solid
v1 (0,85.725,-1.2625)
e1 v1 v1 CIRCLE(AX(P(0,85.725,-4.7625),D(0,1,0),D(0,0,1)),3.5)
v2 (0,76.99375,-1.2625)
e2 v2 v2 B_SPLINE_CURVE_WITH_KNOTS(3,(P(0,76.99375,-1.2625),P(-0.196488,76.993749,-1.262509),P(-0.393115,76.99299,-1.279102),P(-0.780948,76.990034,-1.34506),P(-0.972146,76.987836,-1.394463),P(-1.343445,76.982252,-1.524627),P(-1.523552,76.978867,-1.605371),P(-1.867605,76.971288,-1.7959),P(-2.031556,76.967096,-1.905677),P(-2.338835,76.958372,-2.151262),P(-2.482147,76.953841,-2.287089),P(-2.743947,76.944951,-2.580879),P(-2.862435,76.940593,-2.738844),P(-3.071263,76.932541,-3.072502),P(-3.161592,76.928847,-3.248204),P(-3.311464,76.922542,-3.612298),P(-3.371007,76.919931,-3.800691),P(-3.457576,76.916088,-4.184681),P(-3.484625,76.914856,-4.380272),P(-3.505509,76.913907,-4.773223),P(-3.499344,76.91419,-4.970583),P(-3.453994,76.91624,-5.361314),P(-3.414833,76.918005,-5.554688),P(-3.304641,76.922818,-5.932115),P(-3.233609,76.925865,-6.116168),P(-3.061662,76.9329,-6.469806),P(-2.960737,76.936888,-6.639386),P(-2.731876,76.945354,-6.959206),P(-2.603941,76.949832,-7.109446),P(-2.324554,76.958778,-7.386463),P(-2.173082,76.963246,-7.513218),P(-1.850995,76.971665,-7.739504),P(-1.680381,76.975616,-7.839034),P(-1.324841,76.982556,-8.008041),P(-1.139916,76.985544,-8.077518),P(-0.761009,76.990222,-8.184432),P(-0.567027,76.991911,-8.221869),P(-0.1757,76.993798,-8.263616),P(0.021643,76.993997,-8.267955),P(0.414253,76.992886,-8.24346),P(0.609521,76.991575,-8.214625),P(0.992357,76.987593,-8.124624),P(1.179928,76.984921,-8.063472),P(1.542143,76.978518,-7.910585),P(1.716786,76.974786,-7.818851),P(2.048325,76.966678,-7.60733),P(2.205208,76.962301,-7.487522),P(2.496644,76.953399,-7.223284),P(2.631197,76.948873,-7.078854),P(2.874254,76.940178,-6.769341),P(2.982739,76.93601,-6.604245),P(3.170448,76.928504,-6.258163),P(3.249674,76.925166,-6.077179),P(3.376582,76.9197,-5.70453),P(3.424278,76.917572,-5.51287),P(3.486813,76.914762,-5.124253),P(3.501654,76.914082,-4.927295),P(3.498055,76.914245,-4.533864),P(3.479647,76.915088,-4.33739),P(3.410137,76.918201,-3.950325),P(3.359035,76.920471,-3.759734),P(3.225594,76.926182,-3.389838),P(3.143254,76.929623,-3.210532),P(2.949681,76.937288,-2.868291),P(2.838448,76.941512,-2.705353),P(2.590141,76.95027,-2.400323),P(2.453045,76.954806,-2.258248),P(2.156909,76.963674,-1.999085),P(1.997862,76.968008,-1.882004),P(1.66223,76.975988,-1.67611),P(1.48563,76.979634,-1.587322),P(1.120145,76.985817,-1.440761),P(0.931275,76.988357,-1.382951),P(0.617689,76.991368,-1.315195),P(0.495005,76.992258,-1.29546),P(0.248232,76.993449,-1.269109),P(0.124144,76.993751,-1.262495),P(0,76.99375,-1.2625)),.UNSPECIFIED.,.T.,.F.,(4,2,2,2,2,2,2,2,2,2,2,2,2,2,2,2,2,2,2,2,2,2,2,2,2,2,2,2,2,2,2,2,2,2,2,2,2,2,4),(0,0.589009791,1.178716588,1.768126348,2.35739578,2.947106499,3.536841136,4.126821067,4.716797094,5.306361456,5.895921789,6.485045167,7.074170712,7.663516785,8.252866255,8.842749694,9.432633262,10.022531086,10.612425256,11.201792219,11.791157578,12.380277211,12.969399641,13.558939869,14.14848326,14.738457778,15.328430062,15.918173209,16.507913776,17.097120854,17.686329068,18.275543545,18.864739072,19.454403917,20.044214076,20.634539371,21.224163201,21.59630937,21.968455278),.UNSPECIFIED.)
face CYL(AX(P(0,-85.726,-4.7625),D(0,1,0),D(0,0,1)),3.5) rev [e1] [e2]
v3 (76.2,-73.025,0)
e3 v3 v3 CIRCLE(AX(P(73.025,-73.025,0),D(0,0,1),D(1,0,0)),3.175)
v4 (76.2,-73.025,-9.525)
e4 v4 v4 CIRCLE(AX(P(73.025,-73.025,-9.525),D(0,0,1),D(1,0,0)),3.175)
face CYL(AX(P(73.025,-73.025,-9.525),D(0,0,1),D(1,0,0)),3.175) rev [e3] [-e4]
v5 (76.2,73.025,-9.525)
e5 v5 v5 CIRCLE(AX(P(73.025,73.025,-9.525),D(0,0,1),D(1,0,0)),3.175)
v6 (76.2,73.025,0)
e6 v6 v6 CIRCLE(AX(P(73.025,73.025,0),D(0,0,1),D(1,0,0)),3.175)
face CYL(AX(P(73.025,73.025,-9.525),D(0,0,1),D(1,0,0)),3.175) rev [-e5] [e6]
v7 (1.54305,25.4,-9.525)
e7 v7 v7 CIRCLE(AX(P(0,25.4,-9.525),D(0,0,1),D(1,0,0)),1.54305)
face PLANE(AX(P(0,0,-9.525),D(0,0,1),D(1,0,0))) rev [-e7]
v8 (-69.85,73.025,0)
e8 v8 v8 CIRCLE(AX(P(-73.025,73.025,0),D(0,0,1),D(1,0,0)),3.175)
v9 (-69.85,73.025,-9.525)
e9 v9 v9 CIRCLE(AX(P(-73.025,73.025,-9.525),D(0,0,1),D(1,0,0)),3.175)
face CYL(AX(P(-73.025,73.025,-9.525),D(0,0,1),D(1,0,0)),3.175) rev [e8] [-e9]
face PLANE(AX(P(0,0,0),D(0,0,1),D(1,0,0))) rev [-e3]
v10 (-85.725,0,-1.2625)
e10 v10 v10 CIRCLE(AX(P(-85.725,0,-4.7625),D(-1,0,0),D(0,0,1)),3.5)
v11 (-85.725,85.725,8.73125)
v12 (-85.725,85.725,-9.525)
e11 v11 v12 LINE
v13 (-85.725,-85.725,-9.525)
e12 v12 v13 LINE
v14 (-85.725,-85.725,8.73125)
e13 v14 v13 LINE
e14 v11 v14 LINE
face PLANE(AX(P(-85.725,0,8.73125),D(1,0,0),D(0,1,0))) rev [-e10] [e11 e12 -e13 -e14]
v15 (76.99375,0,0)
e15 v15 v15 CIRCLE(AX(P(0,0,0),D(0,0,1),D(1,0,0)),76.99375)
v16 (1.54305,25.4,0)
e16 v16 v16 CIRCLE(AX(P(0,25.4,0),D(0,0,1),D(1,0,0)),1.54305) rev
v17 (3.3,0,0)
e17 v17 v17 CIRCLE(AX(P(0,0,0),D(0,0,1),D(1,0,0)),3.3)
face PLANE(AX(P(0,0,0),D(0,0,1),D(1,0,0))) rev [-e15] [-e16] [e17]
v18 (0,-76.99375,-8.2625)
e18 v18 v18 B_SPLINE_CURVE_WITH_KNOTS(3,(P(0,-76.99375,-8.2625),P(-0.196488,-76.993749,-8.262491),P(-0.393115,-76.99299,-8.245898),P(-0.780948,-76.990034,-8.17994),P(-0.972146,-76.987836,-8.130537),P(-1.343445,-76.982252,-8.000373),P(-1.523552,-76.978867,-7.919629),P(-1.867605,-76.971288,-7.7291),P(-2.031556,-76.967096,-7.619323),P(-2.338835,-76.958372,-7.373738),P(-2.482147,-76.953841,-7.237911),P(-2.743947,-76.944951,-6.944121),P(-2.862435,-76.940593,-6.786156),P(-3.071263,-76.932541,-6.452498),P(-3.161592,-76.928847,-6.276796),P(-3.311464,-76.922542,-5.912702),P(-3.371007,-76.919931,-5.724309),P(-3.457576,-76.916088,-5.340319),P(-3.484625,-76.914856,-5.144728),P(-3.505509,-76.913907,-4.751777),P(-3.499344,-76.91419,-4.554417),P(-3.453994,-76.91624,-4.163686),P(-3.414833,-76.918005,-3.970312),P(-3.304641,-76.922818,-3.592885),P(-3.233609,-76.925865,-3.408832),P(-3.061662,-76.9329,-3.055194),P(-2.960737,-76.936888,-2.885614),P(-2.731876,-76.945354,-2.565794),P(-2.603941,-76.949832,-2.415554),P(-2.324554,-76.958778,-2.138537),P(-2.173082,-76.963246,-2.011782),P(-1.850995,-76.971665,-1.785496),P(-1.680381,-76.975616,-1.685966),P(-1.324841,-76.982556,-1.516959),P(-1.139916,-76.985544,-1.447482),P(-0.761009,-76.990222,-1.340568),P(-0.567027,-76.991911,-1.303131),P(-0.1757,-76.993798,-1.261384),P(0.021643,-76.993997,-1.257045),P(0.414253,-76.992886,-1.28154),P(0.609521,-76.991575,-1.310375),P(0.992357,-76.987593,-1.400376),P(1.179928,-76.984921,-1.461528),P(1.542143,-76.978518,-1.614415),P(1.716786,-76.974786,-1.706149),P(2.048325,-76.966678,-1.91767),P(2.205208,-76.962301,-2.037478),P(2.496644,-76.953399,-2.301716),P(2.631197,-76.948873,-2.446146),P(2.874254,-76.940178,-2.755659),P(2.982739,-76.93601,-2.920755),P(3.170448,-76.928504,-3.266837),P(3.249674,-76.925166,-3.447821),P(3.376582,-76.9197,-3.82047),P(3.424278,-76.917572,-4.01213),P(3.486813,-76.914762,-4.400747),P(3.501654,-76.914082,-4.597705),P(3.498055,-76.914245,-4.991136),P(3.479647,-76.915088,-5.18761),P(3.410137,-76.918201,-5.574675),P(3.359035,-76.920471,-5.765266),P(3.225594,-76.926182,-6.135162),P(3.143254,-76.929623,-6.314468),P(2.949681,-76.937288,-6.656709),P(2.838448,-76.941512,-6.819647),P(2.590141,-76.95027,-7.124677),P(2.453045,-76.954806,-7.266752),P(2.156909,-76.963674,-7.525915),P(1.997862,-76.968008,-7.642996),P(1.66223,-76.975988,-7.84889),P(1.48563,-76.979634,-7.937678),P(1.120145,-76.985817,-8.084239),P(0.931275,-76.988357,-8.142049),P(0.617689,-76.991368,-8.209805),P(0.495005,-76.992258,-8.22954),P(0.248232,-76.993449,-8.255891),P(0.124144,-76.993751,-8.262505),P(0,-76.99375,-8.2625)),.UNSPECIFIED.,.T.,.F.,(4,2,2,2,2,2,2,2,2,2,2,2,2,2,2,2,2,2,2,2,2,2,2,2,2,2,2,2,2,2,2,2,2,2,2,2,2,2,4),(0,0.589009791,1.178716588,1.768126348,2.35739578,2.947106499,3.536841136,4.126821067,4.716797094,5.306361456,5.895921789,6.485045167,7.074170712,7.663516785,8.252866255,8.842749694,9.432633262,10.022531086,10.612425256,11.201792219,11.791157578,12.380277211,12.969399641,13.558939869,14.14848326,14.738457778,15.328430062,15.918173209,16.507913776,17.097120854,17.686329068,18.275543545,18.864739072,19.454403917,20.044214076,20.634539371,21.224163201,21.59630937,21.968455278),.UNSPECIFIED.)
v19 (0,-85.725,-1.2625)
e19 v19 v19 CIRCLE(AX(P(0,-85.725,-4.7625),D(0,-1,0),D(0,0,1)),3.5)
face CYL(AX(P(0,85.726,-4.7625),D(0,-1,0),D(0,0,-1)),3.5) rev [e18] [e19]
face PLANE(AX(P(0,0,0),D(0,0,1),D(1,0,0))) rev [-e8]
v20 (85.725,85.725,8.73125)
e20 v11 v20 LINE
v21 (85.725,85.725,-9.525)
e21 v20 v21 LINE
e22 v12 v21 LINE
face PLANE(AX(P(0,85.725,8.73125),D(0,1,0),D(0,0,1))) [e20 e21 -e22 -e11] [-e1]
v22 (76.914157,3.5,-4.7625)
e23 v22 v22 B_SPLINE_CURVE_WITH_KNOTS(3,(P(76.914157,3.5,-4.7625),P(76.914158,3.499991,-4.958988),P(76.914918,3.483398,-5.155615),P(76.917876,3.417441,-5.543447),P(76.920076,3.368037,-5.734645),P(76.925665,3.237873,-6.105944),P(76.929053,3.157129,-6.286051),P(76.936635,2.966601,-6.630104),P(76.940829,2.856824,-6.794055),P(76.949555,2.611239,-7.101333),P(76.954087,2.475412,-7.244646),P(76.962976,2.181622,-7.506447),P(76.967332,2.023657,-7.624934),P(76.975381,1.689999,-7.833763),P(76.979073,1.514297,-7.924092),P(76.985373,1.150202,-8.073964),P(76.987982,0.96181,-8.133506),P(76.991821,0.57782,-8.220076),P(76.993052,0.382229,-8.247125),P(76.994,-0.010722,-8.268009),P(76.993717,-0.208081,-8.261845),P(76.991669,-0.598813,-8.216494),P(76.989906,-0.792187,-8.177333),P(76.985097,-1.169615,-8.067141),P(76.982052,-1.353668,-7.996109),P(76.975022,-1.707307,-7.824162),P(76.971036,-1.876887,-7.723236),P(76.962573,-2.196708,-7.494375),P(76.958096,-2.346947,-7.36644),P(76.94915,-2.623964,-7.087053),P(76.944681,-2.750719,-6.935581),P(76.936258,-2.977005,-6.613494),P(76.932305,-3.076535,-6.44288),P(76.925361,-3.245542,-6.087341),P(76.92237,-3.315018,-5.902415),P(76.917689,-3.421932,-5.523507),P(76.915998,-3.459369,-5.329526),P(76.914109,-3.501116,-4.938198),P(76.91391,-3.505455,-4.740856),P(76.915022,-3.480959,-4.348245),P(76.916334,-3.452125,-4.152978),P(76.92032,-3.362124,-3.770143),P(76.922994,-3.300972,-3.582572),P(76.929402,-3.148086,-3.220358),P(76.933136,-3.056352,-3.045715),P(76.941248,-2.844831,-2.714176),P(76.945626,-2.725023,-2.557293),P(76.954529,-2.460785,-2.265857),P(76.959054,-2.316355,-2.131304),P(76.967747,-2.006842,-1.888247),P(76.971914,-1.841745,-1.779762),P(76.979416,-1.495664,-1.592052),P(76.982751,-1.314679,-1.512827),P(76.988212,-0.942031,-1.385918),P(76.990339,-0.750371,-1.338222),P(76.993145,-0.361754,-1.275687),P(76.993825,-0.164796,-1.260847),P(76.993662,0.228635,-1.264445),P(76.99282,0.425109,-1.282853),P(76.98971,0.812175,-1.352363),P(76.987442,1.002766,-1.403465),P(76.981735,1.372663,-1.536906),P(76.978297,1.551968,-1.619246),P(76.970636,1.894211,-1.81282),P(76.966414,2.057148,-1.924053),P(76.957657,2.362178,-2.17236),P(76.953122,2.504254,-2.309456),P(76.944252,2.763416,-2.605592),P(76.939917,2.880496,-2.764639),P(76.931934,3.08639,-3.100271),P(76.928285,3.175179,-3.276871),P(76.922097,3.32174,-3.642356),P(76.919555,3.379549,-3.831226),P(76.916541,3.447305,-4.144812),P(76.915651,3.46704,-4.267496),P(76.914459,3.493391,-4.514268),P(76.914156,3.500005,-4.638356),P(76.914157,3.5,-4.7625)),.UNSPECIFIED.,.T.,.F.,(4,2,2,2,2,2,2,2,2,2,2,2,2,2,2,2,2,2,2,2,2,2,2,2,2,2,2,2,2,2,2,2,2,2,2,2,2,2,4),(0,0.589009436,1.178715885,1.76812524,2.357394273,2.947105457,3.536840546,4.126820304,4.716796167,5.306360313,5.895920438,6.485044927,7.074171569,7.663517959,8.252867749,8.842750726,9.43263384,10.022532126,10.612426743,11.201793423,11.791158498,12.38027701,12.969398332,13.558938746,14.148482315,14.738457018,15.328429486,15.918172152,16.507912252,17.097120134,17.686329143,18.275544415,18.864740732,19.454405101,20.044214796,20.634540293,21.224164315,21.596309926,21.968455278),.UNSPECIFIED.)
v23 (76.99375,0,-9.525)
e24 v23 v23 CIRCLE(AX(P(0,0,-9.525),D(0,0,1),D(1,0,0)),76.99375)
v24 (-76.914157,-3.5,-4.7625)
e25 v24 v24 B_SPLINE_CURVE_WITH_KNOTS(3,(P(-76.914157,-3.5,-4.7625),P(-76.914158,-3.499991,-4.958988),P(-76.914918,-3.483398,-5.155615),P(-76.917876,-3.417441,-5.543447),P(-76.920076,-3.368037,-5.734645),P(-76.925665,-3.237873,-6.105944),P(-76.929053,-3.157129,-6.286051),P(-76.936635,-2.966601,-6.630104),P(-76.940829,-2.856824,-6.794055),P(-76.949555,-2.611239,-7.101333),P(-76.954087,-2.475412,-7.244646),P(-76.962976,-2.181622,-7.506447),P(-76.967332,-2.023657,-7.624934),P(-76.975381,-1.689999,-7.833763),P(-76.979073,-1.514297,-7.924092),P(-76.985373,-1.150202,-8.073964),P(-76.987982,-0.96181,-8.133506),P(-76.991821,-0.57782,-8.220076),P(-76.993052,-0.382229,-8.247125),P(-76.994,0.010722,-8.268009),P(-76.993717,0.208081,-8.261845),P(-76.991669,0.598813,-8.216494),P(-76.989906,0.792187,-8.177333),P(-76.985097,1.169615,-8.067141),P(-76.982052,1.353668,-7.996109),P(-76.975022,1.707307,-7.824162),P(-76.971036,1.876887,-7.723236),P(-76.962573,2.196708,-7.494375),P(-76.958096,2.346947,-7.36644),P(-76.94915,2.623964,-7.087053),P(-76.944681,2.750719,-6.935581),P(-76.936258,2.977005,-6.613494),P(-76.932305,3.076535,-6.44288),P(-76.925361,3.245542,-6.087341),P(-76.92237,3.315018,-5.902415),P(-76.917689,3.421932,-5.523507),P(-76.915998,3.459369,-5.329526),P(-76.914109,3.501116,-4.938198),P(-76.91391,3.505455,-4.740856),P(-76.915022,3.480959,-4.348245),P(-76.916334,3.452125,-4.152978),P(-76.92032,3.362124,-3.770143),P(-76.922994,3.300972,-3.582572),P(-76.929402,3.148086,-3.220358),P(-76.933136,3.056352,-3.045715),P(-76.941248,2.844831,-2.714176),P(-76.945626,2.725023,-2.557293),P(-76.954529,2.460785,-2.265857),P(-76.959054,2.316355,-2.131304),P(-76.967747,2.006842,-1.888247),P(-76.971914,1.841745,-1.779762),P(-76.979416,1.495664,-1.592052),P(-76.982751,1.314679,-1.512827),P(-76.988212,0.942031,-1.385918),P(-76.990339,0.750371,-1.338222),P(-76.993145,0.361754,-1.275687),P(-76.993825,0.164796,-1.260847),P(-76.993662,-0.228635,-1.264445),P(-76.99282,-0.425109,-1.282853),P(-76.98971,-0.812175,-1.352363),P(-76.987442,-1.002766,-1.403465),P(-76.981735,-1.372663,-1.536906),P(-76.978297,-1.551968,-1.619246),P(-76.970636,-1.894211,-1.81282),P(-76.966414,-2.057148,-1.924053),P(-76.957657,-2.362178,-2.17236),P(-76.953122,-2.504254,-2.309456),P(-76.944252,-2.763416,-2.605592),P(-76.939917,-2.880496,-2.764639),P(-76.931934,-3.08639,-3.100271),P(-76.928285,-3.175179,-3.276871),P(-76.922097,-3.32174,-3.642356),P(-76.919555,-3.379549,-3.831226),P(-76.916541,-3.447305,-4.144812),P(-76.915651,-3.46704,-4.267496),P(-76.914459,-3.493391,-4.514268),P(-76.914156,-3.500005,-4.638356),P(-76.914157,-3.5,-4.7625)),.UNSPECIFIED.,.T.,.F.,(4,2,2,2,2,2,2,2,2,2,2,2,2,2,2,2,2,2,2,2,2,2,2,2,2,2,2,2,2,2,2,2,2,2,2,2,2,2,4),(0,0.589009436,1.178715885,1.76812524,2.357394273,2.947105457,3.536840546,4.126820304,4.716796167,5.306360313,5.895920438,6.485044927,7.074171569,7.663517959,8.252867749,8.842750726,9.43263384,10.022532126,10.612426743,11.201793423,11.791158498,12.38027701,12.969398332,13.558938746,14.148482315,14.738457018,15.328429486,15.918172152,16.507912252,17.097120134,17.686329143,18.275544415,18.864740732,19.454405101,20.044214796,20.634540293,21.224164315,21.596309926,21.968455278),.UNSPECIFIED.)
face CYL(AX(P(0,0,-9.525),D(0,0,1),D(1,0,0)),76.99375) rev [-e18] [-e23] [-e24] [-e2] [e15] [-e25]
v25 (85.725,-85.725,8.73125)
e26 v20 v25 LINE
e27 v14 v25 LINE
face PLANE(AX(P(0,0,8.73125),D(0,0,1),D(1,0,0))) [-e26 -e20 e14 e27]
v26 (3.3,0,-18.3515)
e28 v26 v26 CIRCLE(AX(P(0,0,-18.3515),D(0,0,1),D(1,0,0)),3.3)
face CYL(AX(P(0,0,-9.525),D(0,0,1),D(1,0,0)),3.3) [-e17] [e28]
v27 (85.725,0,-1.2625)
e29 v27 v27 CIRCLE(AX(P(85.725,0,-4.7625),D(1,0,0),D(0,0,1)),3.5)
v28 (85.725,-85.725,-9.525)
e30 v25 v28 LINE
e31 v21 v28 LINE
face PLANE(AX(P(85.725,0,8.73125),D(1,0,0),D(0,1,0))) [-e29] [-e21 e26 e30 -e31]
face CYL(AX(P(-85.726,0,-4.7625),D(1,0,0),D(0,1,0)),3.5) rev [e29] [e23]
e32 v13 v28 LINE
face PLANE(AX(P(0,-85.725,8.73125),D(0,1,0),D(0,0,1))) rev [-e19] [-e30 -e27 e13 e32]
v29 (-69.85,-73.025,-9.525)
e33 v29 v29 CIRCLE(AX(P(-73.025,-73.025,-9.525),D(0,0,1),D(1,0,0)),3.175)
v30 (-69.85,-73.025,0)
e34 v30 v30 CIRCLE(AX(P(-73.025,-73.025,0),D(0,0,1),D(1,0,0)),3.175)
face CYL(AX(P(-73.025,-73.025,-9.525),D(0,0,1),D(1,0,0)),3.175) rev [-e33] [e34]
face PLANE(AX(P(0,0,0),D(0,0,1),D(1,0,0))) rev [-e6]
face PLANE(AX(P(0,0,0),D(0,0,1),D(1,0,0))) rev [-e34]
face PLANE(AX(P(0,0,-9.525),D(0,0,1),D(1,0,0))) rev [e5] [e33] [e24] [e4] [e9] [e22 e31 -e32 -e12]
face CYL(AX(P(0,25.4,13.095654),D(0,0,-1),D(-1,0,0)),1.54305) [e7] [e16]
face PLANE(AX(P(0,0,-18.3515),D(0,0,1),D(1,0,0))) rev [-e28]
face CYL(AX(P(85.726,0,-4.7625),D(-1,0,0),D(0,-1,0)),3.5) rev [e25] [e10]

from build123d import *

# Parameters (mm, degrees)
SKETCH1_W                = 171.45
SKETCH1_H                = 171.45
SKETCH1_R                = 1.54305
BOSS_EXTRUDE1_DEPTH      = 8.73125
SKETCH1_3_W              = 171.45
SKETCH1_3_H              = 171.45
SKETCH1_3_R              = 3.175
SKETCH1_3_R_2            = 76.99375
SKETCH1_3_R_3            = 3.3
BOSS_EXTRUDE2_DEPTH      = 9.525
SKETCH1_4_R              = 3.3
BOSS_EXTRUDE3_DEPTH      = 18.3515
CUT_EXTRUDE1_START       = -8.810843
SKETCH2_R                = 3.5
CUT_EXTRUDE1_DEPTH       = 8.810843
CIRPATTERN1_COUNT        = 4
SKETCH1_5_R              = 1.54305
BOSS_EXTRUDE4_DEPTH      = 8.73125
BOSS_EXTRUDE4_DEPTH_BACK = 9.525


with BuildPart() as part:
    # Sketch1 → Boss-Extrude1 (new body)
    with BuildSketch(Plane.XY):
        Rectangle(SKETCH1_W, SKETCH1_H)
        with Locations((0, 25.4)):
            Circle(SKETCH1_R, mode=Mode.SUBTRACT)
    extrude(amount=BOSS_EXTRUDE1_DEPTH)

    # Sketch1<3> → Boss-Extrude2 (add)
    with BuildSketch(Plane.XY):
        Rectangle(SKETCH1_3_W, SKETCH1_3_H)
        with Locations((-73.025, -73.025)):
            Circle(SKETCH1_3_R, mode=Mode.SUBTRACT)
        with Locations((73.025, -73.025)):
            Circle(SKETCH1_3_R, mode=Mode.SUBTRACT)
        with Locations((73.025, 73.025)):
            Circle(SKETCH1_3_R, mode=Mode.SUBTRACT)
        with Locations((-73.025, 73.025)):
            Circle(SKETCH1_3_R, mode=Mode.SUBTRACT)
        Circle(SKETCH1_3_R_2, mode=Mode.SUBTRACT)
        Circle(SKETCH1_3_R_3)
    extrude(amount=-BOSS_EXTRUDE2_DEPTH)

    # Sketch1<4> → Boss-Extrude3 (add)
    with BuildSketch(Plane.XY):
        Circle(SKETCH1_4_R)
    extrude(amount=-BOSS_EXTRUDE3_DEPTH)

    # Sketch2 → Cut-Extrude1 (cut)
    with BuildSketch(Plane(origin=(0, 85.725, 0), x_dir=(1, 0, 0), z_dir=(0, 1, 0)).offset(CUT_EXTRUDE1_START)):
        with Locations((0, 4.7625)):
            Circle(SKETCH2_R)
    cut_extrude1 = extrude(amount=CUT_EXTRUDE1_DEPTH, mode=Mode.SUBTRACT)

    # CirPattern1: Cut-Extrude1 ×4 about axis
    cirpattern1_axis = Axis((0, 0, -9.525), (0, 0, 1))
    for i in range(1, CIRPATTERN1_COUNT):
        add(cut_extrude1.rotate(cirpattern1_axis, i * 360 / CIRPATTERN1_COUNT), mode=Mode.SUBTRACT)

    # Sketch1<5> → Boss-Extrude4 (add, two sides)
    with BuildSketch(Plane.XY) as boss_extrude4_sk:
        with Locations((0, 25.4)):
            Circle(SKETCH1_5_R)
    extrude(amount=BOSS_EXTRUDE4_DEPTH)
    extrude(boss_extrude4_sk.sketch, amount=-BOSS_EXTRUDE4_DEPTH_BACK)


solid = part.part
